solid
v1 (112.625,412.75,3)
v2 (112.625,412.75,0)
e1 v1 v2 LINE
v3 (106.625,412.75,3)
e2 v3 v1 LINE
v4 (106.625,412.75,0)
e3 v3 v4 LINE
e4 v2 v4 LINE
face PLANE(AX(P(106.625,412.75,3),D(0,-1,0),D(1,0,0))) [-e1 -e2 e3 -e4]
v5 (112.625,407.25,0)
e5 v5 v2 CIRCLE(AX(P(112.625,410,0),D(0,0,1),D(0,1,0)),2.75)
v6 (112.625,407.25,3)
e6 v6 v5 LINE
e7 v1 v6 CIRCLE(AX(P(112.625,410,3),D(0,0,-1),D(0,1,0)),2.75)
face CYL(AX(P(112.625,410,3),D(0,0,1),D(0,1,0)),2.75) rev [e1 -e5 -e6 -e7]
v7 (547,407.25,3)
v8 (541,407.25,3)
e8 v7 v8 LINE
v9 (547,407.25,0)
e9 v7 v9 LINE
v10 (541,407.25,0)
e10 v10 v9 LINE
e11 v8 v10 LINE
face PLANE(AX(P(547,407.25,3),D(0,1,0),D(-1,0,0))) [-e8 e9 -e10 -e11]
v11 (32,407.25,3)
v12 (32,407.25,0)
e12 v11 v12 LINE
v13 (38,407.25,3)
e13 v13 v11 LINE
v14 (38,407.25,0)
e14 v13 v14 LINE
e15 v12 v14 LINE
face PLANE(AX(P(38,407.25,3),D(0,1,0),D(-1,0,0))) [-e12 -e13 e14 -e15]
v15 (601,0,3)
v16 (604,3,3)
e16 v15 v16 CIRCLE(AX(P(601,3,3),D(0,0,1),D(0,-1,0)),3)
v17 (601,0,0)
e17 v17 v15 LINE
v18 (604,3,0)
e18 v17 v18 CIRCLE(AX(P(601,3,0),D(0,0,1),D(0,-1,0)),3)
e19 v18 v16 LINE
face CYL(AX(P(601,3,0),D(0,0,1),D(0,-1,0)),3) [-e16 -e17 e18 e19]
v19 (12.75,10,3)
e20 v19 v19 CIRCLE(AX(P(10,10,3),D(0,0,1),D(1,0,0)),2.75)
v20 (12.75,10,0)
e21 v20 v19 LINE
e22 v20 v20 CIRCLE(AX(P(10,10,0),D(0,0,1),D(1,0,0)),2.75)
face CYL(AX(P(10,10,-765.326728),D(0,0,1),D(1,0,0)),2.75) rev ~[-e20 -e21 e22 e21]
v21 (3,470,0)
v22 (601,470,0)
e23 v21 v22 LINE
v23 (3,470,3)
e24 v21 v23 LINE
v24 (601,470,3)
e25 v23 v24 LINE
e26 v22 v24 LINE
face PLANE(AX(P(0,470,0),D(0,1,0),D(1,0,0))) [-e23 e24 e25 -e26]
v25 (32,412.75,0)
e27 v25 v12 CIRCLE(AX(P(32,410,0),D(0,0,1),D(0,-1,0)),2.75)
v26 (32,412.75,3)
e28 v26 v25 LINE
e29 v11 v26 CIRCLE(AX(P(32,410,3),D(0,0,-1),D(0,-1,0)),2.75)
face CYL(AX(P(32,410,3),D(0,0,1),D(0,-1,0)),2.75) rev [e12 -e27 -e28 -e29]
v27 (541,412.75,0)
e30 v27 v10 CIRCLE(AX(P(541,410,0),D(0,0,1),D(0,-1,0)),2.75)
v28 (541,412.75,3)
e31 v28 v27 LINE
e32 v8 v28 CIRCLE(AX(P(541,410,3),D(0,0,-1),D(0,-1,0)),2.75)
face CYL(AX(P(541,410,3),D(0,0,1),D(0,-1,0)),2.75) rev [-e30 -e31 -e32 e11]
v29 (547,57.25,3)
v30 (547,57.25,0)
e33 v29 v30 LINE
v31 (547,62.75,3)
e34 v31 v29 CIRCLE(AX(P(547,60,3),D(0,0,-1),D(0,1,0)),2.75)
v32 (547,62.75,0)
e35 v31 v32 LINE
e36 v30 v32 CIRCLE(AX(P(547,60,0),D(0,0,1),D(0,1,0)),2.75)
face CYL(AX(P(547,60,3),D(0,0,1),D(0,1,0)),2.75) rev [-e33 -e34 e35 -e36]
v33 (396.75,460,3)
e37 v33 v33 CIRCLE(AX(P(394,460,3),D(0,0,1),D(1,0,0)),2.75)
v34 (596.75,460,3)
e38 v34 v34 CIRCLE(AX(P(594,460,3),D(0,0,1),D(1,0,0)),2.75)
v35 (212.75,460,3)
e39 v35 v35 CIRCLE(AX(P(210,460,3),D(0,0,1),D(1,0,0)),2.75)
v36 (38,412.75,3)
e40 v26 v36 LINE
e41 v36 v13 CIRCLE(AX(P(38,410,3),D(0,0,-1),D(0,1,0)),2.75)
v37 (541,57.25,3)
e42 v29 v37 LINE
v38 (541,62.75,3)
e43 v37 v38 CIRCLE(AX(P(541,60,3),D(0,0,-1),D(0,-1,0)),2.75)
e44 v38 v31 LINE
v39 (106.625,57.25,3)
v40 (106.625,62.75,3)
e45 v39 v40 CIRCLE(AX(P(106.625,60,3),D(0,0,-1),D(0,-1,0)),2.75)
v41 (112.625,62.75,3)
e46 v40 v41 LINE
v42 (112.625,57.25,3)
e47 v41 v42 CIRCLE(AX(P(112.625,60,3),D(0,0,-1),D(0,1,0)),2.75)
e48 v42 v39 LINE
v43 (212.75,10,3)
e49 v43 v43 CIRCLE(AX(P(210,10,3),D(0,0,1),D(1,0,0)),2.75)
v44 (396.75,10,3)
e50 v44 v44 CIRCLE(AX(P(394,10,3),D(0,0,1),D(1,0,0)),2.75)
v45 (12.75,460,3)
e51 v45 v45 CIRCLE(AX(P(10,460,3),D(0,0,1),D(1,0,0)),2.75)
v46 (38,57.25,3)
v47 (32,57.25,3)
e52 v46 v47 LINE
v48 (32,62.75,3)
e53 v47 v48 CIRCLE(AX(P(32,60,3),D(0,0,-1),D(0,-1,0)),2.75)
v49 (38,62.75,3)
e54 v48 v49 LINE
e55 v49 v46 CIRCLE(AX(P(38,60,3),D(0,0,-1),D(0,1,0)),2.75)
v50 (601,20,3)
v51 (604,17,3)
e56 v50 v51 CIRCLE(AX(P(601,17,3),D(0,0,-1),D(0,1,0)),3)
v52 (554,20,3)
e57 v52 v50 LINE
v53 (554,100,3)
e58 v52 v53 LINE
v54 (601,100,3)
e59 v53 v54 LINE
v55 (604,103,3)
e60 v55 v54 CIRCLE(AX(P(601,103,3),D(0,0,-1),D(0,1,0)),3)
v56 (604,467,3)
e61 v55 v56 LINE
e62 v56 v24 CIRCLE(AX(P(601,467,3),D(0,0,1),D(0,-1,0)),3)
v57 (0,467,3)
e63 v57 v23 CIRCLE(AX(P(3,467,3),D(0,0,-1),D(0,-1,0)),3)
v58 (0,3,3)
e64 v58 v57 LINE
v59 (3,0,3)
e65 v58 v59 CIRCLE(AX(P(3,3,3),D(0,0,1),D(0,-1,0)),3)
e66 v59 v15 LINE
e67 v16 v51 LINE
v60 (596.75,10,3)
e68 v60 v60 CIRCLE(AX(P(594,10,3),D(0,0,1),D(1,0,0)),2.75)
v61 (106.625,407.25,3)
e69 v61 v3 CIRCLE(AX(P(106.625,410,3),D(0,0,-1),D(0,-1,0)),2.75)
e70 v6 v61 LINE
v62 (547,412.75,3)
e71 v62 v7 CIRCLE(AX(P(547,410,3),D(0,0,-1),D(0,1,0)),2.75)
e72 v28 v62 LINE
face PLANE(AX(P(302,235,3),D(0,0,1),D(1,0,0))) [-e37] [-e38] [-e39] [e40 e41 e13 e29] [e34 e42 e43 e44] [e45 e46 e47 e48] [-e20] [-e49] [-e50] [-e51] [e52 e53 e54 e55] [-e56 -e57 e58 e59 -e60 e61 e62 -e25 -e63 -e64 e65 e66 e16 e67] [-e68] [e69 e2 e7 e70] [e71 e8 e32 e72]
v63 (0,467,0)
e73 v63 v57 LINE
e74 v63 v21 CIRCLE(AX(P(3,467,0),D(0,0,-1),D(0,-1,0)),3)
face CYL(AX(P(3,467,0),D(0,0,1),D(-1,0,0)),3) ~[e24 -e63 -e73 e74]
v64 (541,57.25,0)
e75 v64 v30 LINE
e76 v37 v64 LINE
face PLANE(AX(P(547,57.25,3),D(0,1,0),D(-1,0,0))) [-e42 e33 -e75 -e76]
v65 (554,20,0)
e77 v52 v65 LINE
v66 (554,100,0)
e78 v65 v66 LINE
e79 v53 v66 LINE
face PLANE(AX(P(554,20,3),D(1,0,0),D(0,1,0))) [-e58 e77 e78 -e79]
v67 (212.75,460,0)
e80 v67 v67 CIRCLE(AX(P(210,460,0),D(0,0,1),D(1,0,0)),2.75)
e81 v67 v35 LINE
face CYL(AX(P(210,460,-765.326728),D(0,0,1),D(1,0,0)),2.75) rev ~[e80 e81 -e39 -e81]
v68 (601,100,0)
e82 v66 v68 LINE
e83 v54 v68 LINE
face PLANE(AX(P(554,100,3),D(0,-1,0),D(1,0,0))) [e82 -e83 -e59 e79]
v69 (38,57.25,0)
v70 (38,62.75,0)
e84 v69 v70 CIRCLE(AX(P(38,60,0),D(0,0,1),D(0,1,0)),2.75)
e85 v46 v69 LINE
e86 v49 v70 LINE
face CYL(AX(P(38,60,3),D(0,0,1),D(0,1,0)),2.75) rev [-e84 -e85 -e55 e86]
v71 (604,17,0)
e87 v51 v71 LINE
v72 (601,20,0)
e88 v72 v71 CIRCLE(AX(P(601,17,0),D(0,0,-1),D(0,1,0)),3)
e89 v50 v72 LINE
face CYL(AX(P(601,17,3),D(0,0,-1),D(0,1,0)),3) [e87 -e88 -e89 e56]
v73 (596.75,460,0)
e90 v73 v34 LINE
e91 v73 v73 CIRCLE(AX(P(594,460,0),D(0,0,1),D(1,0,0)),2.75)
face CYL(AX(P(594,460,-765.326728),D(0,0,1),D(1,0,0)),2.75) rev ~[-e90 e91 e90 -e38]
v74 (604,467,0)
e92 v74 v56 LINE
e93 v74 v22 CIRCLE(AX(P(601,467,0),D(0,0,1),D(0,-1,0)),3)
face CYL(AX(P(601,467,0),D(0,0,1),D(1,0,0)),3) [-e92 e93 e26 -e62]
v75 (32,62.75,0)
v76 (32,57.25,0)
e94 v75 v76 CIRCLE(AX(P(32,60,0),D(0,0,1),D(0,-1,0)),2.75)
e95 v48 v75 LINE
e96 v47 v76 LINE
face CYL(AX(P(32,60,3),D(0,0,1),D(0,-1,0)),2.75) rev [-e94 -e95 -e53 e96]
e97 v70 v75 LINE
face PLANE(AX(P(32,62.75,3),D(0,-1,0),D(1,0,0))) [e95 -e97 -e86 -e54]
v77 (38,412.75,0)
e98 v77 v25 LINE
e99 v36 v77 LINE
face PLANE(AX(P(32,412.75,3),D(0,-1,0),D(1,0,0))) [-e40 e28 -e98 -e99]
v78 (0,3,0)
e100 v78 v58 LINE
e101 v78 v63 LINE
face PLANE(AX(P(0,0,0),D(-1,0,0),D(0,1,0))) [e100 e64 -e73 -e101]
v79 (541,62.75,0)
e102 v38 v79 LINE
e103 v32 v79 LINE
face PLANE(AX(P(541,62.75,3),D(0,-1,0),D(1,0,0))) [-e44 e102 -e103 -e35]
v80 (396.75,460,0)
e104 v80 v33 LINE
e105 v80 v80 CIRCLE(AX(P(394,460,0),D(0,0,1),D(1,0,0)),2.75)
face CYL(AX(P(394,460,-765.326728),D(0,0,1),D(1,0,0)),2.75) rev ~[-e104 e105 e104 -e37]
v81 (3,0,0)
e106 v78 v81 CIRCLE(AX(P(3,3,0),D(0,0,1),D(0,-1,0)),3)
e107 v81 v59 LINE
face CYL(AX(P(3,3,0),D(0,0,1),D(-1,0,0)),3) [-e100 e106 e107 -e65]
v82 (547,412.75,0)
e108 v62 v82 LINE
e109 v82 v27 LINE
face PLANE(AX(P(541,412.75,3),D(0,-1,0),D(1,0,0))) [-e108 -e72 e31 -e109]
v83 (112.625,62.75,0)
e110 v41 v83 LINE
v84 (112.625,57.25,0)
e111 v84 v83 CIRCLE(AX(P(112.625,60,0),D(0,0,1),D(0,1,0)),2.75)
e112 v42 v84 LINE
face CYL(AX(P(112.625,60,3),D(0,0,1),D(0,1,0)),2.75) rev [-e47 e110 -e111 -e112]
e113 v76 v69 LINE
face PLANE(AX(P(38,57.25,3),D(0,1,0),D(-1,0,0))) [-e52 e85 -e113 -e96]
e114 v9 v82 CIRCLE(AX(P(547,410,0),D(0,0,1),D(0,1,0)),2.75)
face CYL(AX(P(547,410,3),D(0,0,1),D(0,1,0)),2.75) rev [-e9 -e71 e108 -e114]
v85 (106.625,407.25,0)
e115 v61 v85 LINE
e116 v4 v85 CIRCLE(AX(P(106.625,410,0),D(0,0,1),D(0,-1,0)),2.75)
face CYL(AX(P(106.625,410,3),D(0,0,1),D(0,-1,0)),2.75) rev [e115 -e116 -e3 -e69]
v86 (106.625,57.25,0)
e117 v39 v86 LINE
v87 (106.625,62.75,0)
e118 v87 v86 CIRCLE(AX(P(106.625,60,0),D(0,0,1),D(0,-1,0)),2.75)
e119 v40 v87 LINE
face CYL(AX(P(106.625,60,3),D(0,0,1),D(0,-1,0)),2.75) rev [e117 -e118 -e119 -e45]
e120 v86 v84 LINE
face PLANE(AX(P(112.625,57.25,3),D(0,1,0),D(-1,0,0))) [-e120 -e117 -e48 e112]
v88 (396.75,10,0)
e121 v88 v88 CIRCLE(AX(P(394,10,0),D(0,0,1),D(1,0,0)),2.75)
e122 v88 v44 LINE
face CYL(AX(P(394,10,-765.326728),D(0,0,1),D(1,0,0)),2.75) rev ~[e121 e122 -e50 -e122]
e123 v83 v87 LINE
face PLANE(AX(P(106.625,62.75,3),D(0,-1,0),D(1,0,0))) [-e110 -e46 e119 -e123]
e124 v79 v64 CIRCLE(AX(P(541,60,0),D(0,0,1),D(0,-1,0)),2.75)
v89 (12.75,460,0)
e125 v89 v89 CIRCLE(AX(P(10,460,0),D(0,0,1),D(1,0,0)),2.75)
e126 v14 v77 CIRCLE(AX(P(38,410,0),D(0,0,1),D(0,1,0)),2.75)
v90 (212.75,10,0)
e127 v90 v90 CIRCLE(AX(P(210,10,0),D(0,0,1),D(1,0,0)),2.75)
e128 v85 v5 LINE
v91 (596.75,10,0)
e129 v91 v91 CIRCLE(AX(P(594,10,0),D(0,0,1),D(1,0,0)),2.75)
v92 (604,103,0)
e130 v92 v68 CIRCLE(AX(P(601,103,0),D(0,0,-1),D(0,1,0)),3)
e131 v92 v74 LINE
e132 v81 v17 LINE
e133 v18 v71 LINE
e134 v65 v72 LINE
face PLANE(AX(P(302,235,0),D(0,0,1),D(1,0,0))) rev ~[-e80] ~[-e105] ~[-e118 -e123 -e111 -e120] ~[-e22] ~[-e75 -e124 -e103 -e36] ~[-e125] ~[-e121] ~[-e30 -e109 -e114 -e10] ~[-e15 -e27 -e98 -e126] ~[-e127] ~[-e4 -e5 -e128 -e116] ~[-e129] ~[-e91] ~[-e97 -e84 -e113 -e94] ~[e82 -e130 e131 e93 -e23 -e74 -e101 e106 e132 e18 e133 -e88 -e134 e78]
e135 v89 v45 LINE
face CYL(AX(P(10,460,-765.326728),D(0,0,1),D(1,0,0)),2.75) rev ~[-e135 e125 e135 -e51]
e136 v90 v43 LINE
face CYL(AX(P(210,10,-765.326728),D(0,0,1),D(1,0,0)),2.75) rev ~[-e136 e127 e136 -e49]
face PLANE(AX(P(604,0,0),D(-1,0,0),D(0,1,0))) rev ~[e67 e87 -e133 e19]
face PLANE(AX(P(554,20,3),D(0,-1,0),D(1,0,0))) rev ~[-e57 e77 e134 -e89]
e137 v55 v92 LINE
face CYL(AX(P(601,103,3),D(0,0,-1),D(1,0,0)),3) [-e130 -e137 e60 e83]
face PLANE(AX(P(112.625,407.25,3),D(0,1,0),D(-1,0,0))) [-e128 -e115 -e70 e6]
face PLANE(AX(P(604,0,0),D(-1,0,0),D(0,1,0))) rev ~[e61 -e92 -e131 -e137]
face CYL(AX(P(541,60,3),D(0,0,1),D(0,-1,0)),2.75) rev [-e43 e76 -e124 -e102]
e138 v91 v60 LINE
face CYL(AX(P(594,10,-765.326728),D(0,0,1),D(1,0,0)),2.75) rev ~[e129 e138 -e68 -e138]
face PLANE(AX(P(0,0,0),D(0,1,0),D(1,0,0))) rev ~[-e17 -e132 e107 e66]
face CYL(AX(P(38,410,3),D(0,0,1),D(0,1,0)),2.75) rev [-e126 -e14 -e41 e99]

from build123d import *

# Parameters (mm, degrees)
SKETCH1_W            = 604
SKETCH1_H            = 470
BOSS_EXTRUDE1_DEPTH  = 3
FILLET1_R            = 3
M5_CLEARANCE_HOLE1_D = 5.5
CUT_EXTRUDE5_DEPTH   = 766.326727614
SKETCH10_W           = 50
SKETCH10_H           = 80
CUT_EXTRUDE6_DEPTH   = 766.326727614
FILLET5_R            = 3


with BuildPart() as part:
    # Sketch1 → Boss-Extrude1 (new body)
    with BuildSketch(Plane.XY):
        with Locations((302, 235)):
            Rectangle(SKETCH1_W, SKETCH1_H)
    extrude(amount=BOSS_EXTRUDE1_DEPTH)

    # Fillet1
    fillet1_edges = [part.edges().sort_by_distance(p)[0] for p in [
        (0, 470, 1.5),
        (604, 470, 1.5),
        (604, 0, 1.5),
        (0, 0, 1.5),
    ]]
    fillet(fillet1_edges, radius=FILLET1_R)

    # M5 Clearance Hole1 (through all)
    with Locations(Plane(origin=(0, 0, 0), x_dir=(-1, 0, 0), z_dir=(0, 0, -1))):
        with Locations((-594, 460), (-394, 460), (-210, 460), (-10, 460), (-10, 10), (-210, 10), (-394, 10), (-594, 10), (-544, 410), (-544, 60), (-35, 410), (-35, 60), (-109.625, 410), (-109.625, 60)):
            Hole(M5_CLEARANCE_HOLE1_D / 2)

    # Sketch9 → Cut-Extrude5 (cut, through all)
    with BuildSketch(Plane.XY.offset(3)):
        with BuildLine():
            Line((32, 412.75), (38, 412.75))
            ThreePointArc((38, 412.75), (40.75, 410), (38, 407.25))
            Line((38, 407.25), (32, 407.25))
            ThreePointArc((32, 407.25), (29.25, 410), (32, 412.75))
        make_face()
        with BuildLine():
            Line((106.625, 412.75), (112.625, 412.75))
            ThreePointArc((112.625, 412.75), (115.375, 410), (112.625, 407.25))
            Line((112.625, 407.25), (106.625, 407.25))
            ThreePointArc((106.625, 407.25), (103.875, 410), (106.625, 412.75))
        make_face()
        with BuildLine():
            Line((32, 62.75), (38, 62.75))
            ThreePointArc((38, 62.75), (40.75, 60), (38, 57.25))
            Line((38, 57.25), (32, 57.25))
            ThreePointArc((32, 57.25), (29.25, 60), (32, 62.75))
        make_face()
        with BuildLine():
            Line((106.625, 62.75), (112.625, 62.75))
            ThreePointArc((112.625, 62.75), (115.375, 60), (112.625, 57.25))
            Line((112.625, 57.25), (106.625, 57.25))
            ThreePointArc((106.625, 57.25), (103.875, 60), (106.625, 62.75))
        make_face()
        with BuildLine():
            Line((541, 412.75), (547, 412.75))
            ThreePointArc((547, 412.75), (549.75, 410), (547, 407.25))
            Line((547, 407.25), (541, 407.25))
            ThreePointArc((541, 407.25), (538.25, 410), (541, 412.75))
        make_face()
        with BuildLine():
            Line((541, 62.75), (547, 62.75))
            ThreePointArc((547, 62.75), (549.75, 60), (547, 57.25))
            Line((547, 57.25), (541, 57.25))
            ThreePointArc((541, 57.25), (538.25, 60), (541, 62.75))
        make_face()
    extrude(amount=-CUT_EXTRUDE5_DEPTH, mode=Mode.SUBTRACT)

    # Sketch10 → Cut-Extrude6 (cut, through all)
    with BuildSketch(Plane.XY.offset(3)):
        with Locations((579, 60)):
            Rectangle(SKETCH10_W, SKETCH10_H)
    extrude(amount=-CUT_EXTRUDE6_DEPTH, mode=Mode.SUBTRACT)

    # Fillet5
    fillet5_edges = [part.edges().sort_by_distance(p)[0] for p in [
        (604, 100, 1.5),
        (604, 20, 1.5),
    ]]
    fillet(fillet5_edges, radius=FILLET5_R)


solid = part.part
